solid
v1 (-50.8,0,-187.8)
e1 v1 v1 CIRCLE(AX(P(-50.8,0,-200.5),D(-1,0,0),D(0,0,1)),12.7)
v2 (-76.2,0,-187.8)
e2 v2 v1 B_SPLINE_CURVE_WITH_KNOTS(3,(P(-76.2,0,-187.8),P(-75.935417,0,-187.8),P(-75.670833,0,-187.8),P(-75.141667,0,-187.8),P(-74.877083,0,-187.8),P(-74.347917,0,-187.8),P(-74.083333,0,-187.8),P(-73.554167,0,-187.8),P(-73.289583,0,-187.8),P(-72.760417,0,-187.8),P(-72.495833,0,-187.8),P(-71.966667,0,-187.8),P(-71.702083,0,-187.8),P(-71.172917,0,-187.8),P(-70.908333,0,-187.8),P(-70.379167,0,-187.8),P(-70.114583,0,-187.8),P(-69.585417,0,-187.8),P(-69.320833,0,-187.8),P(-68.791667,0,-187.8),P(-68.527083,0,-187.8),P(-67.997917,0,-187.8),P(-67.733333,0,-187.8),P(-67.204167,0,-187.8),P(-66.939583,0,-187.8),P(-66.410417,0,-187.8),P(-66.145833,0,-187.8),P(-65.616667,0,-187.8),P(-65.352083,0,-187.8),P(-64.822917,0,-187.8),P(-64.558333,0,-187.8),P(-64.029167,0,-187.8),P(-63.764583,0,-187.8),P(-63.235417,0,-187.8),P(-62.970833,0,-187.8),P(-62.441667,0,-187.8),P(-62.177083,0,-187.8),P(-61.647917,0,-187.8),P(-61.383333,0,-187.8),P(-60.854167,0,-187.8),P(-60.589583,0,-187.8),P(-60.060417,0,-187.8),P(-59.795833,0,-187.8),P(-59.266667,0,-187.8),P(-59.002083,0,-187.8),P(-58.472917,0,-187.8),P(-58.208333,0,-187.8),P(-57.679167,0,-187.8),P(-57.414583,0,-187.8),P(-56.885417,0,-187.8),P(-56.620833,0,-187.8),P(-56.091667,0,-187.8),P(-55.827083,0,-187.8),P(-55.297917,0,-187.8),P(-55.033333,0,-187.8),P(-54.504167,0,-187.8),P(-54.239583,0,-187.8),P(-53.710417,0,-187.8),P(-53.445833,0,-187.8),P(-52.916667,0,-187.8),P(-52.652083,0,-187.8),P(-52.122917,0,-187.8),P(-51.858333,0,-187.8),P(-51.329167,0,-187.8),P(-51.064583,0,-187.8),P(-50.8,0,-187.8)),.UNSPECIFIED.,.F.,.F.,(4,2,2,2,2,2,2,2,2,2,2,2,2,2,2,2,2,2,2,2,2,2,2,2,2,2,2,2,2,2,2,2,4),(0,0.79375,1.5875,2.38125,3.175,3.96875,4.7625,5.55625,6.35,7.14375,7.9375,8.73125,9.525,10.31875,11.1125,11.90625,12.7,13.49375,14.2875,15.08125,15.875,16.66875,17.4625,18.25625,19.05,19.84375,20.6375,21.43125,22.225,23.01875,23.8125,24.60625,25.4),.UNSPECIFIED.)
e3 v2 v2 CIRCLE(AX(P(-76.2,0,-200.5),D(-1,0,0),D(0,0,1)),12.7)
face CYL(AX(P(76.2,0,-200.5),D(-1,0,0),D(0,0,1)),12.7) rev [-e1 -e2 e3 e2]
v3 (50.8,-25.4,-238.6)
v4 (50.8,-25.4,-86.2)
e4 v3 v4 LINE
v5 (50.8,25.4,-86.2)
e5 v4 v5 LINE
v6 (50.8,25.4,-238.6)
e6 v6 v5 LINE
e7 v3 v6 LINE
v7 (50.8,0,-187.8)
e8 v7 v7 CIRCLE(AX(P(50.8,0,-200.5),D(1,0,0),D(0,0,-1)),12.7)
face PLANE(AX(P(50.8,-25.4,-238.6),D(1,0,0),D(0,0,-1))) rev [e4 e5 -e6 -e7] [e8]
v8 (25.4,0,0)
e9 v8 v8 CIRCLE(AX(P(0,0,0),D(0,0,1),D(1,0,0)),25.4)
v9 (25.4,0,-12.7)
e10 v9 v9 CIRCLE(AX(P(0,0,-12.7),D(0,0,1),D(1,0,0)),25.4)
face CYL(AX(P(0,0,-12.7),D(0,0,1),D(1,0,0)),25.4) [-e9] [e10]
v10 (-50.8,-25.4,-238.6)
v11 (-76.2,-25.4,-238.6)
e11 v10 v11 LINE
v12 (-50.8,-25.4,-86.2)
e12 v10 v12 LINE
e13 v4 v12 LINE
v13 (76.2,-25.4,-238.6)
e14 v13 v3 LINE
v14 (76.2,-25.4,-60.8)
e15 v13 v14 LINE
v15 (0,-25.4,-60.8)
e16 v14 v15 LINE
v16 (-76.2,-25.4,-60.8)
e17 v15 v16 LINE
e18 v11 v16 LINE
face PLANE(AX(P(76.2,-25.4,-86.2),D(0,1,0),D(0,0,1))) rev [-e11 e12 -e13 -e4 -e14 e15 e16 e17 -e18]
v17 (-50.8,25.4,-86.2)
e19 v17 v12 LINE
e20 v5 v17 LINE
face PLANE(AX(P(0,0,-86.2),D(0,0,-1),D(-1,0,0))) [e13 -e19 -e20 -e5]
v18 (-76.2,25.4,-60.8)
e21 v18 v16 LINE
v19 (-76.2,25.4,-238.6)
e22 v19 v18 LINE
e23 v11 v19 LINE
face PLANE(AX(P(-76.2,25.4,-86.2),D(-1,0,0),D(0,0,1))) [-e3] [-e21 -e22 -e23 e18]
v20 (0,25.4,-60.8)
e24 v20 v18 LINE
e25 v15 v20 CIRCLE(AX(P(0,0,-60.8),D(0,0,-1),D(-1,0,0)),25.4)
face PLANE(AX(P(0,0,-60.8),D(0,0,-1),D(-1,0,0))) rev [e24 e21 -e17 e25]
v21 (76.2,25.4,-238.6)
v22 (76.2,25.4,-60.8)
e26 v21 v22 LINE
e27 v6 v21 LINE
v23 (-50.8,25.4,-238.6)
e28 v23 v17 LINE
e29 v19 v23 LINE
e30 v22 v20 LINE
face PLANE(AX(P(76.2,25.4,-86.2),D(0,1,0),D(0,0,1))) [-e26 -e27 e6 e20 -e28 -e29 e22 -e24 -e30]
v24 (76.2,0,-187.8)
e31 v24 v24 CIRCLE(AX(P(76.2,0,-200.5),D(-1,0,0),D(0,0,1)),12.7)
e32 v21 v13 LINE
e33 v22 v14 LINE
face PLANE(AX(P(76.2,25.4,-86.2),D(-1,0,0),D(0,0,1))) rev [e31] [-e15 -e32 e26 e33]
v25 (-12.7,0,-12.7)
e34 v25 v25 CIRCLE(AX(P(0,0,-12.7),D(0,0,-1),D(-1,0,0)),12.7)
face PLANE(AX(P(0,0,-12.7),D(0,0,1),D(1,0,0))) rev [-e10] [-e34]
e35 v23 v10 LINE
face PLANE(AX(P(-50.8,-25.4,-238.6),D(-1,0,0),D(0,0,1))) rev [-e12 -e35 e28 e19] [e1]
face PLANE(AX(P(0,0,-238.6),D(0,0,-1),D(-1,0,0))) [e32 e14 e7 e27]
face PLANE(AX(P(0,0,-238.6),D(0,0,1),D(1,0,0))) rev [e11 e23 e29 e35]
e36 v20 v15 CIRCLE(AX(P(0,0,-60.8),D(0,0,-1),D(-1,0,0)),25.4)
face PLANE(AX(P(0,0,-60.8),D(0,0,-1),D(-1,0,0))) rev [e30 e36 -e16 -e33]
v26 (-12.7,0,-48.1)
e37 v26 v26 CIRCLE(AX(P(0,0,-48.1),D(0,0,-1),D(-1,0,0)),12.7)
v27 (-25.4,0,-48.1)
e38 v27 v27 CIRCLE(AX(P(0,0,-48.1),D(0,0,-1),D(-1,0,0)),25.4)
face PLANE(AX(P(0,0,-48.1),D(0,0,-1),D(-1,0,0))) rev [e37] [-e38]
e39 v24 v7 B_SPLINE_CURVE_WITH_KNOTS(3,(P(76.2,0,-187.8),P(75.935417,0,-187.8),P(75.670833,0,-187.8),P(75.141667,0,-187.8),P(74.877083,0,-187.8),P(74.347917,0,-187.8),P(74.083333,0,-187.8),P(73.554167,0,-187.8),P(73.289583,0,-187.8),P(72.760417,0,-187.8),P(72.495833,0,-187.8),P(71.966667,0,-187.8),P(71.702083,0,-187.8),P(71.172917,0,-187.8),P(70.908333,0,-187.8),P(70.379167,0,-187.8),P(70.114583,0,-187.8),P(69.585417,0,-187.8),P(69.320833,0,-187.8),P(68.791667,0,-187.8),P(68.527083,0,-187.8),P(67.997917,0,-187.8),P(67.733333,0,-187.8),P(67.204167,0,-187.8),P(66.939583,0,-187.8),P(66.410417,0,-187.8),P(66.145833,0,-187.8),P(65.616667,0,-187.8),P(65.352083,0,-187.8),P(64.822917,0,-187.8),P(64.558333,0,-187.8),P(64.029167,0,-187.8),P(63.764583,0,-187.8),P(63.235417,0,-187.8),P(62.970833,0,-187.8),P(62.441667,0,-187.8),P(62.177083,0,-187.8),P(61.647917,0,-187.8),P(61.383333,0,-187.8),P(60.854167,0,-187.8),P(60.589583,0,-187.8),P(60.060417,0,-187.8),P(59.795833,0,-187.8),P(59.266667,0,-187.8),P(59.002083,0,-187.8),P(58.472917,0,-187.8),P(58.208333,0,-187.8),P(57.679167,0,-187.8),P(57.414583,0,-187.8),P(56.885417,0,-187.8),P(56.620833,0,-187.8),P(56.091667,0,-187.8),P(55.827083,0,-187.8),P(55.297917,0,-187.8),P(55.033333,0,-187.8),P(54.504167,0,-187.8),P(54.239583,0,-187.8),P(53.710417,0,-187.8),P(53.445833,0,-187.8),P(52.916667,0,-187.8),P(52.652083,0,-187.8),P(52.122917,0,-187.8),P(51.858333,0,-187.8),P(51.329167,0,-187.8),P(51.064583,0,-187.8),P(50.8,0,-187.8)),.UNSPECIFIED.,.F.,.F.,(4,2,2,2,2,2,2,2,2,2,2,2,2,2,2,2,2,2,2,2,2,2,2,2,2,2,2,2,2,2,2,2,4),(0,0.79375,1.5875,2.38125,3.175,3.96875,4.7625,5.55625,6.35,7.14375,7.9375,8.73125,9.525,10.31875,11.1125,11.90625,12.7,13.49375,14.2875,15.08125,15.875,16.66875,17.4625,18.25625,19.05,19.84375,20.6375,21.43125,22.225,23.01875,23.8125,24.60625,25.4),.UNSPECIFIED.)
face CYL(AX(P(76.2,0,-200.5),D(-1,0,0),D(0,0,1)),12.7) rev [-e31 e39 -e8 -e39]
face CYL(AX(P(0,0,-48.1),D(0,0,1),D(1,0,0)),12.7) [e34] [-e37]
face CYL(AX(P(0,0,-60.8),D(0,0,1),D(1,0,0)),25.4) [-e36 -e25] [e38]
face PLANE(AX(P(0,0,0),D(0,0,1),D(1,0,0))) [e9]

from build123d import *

# Parameters (mm, degrees)
SKETCH1_R               = 25.4
BOSS_EXTRUDE1_DEPTH     = 12.7
SKETCH2_R               = 12.7
BOSS_EXTRUDE2_DEPTH     = 35.4
SKETCH3_R               = 25.4
BOSS_EXTRUDE3_DEPTH     = 12.7
SKETCH4_W               = 152.4
SKETCH4_H               = 50.8
BOSS_EXTRUDE4_DEPTH     = 25.4
SKETCH5_W               = 25.4
SKETCH5_H               = 50.8
BOSS_EXTRUDE5_DEPTH     = 152.4
CUT_EXTRUDE1_DEPTH      = 285.254955981
CUT_EXTRUDE1_DEPTH_BACK = 285.254955981
SKETCH6_R               = 12.7


with BuildPart() as part:
    # Sketch1 → Boss-Extrude1 (new body)
    with BuildSketch(Plane.XY):
        Circle(SKETCH1_R)
    extrude(amount=-BOSS_EXTRUDE1_DEPTH)

    # Sketch2 → Boss-Extrude2 (add)
    with BuildSketch(Plane(origin=(0, 0, -12.7), x_dir=(-1, 0, 0), z_dir=(0, 0, -1))):
        Circle(SKETCH2_R)
    extrude(amount=BOSS_EXTRUDE2_DEPTH)

    # Sketch3 → Boss-Extrude3 (add)
    with BuildSketch(Plane(origin=(0, 0, -48.1), x_dir=(-1, 0, 0), z_dir=(0, 0, -1))):
        with Locations(Location((0, 0, 0), (0, 0, 180))):
            Circle(SKETCH3_R)
    extrude(amount=BOSS_EXTRUDE3_DEPTH)

    # Sketch4 → Boss-Extrude4 (add)
    with BuildSketch(Plane(origin=(0, 0, -60.8), x_dir=(-1, 0, 0), z_dir=(0, 0, -1))):
        Rectangle(SKETCH4_W, SKETCH4_H)
    extrude(amount=BOSS_EXTRUDE4_DEPTH)

    # Sketch5 → Boss-Extrude5 (add)
    with BuildSketch(Plane(origin=(0, 0, -86.2), x_dir=(-1, 0, 0), z_dir=(0, 0, -1))):
        with Locations((-63.5, 0)):
            Rectangle(SKETCH5_W, SKETCH5_H)
        with Locations((63.5, 0)):
            Rectangle(SKETCH5_W, SKETCH5_H)
    extrude(amount=BOSS_EXTRUDE5_DEPTH)

    # Sketch6 → Cut-Extrude1 (cut, two sides: drawn at the far end of the back side and taken through both)
    with BuildSketch(Plane.ZY.offset(76.2).offset(-CUT_EXTRUDE1_DEPTH_BACK)):
        with Locations((-200.5, 0)):
            Circle(SKETCH6_R)
    extrude(amount=CUT_EXTRUDE1_DEPTH + CUT_EXTRUDE1_DEPTH_BACK, mode=Mode.SUBTRACT)


solid = part.part
